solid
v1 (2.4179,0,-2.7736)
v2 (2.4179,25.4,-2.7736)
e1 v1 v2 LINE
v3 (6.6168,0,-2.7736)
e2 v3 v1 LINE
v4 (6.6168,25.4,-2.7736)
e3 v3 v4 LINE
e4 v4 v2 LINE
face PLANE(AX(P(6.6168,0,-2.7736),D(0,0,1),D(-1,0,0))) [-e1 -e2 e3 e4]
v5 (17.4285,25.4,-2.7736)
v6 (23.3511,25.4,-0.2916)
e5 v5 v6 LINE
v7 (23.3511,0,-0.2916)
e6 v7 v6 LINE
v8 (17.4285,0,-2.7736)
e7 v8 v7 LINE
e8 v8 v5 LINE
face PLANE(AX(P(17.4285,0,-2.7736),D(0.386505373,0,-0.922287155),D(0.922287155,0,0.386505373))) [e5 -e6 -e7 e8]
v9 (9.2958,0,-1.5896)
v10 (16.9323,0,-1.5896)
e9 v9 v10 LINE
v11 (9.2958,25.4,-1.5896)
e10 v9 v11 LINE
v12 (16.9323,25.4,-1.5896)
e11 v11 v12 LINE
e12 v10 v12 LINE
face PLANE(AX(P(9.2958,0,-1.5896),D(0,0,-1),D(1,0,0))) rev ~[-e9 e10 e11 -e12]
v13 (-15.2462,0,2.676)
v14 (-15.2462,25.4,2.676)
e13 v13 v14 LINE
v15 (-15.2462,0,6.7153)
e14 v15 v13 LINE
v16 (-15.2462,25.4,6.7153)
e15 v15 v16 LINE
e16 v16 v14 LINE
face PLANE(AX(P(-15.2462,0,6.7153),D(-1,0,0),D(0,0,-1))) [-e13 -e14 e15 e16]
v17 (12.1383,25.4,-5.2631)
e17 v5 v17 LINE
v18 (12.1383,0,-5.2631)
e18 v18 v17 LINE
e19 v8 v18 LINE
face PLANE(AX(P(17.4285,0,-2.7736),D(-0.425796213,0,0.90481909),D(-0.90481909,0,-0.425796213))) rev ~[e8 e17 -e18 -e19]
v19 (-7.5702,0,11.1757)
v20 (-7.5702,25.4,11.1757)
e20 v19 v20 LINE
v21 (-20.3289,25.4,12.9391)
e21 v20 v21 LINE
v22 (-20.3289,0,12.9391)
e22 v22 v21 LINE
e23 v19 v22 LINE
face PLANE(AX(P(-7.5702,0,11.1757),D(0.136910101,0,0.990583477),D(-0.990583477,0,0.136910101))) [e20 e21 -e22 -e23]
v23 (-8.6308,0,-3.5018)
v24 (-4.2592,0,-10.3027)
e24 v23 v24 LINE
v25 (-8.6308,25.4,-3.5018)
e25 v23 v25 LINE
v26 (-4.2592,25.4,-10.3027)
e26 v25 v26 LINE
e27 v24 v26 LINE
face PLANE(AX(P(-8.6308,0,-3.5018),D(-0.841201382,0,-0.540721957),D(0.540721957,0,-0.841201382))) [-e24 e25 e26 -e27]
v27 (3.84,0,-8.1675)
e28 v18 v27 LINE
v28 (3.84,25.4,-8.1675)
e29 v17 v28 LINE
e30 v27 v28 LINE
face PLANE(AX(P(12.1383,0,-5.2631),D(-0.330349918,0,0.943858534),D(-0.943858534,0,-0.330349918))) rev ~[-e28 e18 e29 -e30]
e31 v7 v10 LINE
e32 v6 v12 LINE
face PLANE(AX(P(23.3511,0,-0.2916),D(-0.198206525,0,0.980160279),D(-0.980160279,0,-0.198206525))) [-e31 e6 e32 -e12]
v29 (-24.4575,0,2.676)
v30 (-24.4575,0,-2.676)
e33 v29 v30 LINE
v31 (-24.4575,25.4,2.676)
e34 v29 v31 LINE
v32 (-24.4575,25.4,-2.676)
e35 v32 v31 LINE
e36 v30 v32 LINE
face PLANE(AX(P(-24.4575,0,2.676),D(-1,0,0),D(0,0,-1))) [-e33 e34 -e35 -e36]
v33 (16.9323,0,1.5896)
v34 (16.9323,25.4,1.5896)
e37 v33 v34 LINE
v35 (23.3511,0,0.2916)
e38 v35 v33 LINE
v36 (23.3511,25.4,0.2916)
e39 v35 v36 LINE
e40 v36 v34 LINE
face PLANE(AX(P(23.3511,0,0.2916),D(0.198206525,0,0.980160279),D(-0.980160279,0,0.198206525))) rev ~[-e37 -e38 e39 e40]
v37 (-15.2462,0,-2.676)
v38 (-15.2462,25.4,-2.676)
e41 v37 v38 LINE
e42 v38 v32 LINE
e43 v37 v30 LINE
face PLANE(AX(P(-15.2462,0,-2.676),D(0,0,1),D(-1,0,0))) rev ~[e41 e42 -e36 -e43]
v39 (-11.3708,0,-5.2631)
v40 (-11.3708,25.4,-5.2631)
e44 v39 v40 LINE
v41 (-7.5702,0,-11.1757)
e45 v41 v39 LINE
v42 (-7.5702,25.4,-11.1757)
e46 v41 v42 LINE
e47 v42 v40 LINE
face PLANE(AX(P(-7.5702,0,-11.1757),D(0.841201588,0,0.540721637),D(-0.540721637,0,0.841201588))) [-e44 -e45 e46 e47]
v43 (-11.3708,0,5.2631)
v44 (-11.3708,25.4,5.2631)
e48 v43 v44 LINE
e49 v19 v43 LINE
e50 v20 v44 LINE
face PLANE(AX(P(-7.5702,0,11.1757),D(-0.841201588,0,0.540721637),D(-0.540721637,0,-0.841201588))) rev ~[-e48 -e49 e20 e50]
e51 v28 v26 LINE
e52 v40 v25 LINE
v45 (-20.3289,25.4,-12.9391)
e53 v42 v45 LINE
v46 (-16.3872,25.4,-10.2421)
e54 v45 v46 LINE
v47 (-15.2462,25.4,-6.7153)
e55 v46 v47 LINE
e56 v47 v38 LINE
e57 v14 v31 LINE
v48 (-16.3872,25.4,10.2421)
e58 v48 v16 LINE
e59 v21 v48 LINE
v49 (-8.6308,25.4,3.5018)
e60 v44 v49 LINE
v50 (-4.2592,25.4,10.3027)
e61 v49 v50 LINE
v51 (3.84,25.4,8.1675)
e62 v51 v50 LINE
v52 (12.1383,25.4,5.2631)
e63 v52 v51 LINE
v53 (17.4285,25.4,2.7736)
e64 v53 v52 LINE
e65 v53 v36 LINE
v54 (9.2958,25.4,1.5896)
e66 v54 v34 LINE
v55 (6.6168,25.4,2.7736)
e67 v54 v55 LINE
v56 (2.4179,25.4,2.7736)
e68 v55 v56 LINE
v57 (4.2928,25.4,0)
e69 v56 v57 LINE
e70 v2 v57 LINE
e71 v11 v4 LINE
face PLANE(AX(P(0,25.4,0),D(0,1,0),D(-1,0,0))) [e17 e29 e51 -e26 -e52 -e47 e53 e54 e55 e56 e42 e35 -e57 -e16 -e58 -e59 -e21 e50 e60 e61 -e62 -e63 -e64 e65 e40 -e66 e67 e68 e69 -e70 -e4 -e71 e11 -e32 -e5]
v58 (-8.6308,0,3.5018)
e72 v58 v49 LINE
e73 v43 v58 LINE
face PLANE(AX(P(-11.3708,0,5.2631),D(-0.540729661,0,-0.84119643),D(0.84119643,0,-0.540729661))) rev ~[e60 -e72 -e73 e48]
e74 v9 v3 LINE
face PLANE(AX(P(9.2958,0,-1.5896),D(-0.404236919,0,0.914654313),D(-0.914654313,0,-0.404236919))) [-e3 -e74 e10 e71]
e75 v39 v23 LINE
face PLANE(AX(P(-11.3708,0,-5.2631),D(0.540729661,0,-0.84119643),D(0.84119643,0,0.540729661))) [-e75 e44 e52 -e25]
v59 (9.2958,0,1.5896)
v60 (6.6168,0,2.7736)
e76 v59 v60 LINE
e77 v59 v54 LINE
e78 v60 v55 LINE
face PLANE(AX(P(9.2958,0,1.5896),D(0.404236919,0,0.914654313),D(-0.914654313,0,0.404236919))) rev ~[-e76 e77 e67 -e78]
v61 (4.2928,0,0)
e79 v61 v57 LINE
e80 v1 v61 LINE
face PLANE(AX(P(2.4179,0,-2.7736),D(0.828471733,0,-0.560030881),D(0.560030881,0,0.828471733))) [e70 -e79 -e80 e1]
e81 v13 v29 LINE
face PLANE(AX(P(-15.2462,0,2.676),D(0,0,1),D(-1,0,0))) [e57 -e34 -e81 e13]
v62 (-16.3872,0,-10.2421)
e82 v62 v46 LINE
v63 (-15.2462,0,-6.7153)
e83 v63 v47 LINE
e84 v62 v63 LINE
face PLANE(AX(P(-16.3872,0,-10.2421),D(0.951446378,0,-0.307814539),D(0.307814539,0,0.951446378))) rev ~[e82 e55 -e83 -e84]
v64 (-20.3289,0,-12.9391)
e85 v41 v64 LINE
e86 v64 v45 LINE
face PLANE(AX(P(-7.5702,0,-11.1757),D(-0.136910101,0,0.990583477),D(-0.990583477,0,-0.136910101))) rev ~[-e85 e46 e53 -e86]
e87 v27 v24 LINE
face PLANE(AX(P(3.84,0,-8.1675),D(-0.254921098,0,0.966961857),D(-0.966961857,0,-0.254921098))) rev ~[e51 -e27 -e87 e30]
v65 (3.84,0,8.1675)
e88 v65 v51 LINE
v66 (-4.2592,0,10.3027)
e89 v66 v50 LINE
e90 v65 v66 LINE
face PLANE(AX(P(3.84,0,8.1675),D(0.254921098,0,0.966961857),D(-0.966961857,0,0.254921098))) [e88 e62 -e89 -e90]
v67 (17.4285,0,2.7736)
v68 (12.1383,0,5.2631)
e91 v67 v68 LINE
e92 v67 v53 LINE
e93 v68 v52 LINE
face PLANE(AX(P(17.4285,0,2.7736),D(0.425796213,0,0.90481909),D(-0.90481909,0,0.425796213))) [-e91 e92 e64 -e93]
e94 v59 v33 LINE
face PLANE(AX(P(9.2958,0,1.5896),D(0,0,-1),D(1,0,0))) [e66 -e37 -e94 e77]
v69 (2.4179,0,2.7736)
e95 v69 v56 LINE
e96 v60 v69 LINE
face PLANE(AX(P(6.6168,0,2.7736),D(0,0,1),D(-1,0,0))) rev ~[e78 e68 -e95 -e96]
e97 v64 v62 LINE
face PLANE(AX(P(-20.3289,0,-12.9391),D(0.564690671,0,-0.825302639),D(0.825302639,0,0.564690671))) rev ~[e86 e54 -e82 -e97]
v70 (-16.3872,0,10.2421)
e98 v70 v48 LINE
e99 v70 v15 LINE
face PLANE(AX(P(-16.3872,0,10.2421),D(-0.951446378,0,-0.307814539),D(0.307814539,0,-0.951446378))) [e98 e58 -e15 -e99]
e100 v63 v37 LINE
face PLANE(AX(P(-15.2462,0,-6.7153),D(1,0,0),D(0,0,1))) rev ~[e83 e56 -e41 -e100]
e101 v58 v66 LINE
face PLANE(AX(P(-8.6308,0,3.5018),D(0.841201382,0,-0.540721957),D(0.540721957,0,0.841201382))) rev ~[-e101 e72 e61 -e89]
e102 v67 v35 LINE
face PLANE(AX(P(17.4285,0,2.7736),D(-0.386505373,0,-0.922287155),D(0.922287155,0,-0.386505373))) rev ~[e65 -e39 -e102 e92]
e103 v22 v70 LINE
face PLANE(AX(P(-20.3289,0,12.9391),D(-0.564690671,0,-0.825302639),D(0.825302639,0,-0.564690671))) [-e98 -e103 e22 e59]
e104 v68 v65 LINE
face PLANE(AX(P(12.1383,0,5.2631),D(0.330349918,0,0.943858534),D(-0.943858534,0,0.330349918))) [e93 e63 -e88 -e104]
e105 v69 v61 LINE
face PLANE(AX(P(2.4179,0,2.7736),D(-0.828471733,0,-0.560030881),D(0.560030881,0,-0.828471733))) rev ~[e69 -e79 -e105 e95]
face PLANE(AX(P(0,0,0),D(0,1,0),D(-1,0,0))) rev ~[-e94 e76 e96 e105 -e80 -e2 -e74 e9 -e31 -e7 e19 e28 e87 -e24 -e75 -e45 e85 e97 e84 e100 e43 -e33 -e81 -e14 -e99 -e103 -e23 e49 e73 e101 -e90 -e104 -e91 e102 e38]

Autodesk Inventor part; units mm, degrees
ref_plane "YZ Plane" through (0, 0, 0) normal (1, 0, 0) x (0, 1, 0)
ref_plane "XZ Plane" through (0, 0, 0) normal (0, 1, 0) x (-1, 0, 0)
ref_plane "XY Plane" through (0, 0, 0) normal (0, 0, 1) x (1, 0, 0)
sketch "Sketch1" plane through (0, 0, 0) normal (0, 1, 0) x (-1, 0, 0)
  line L0 (-17.4285, 2.7736) -> (-12.1383, 5.2631)
  line L1 (-12.1383, 5.2631) -> (-3.84, 8.1675)
  line L2 (-3.84, 8.1675) -> (4.2592, 10.3027)
  line L3 (7.5702, 11.1757) -> (20.3289, 12.9391)
  line L4 (20.3289, 12.9391) -> (16.3872, 10.2421)
  line L5 (16.3872, 10.2421) -> (15.2462, 6.7153)
  line L6 (15.2462, 6.7153) -> (15.2462, 2.676)
  line L7 (15.2462, 2.676) -> (24.4575, 2.676)
  line L8 (24.4575, 2.676) -> (24.4575, 0)
  line L9 (-17.4285, 2.7736) -> (-23.3511, 0.2916)
  line L10 (24.4575, 0) -> (-4.2928, 0)
  line L11 (-17.4285, -2.7736) -> (-12.1383, -5.2631)
  line L12 (-12.1383, -5.2631) -> (-3.84, -8.1675)
  line L13 (-3.84, -8.1675) -> (4.2592, -10.3027)
  line L14 (7.5702, -11.1757) -> (20.3289, -12.9391)
  line L15 (20.3289, -12.9391) -> (16.3872, -10.2421)
  line L16 (16.3872, -10.2421) -> (15.2462, -6.7153)
  line L17 (15.2462, -6.7153) -> (15.2462, -2.676)
  line L18 (15.2462, -2.676) -> (24.4575, -2.676)
  line L19 (24.4575, -2.676) -> (24.4575, 0)
  line L20 (-17.4285, -2.7736) -> (-23.3511, -0.2916)
  line L21 (15.2462, -2.676) -> (15.2462, 2.676)
  line L22 (7.5702, 11.1757) -> (11.3708, 5.2631)
  line L23 (11.3708, 5.2631) -> (8.6308, 3.5018)
  line L24 (8.6308, 3.5018) -> (4.2592, 10.3027)
  line L25 (7.5702, -11.1757) -> (11.3708, -5.2631)
  line L26 (8.6308, -3.5018) -> (4.2592, -10.3027)
  line L27 (11.3708, -5.2631) -> (8.6308, -3.5018)
  line L28 (-9.2958, -1.5896) -> (-6.6168, -2.7736)
  line L29 (-6.6168, -2.7736) -> (-2.4179, -2.7736)
  line L30 (-2.4179, -2.7736) -> (-4.2928, 0)
  line L31 (-9.2958, 1.5896) -> (-6.6168, 2.7736)
  line L32 (-6.6168, 2.7736) -> (-2.4179, 2.7736)
  line L33 (-2.4179, 2.7736) -> (-4.2928, 0)
  line L34 (-9.2958, 1.5896) -> (-16.9323, 1.5896)
  line L35 (-23.3511, 0.2916) -> (-16.9323, 1.5896)
  line L36 (-9.2958, -1.5896) -> (-16.9323, -1.5896)
  line L37 (-23.3511, -0.2916) -> (-16.9323, -1.5896)
  point P0 (0, 0)
  point P1 (0, 0)
extrude "Extrusion1" add sketch "Sketch1" along normal blind 25.4
